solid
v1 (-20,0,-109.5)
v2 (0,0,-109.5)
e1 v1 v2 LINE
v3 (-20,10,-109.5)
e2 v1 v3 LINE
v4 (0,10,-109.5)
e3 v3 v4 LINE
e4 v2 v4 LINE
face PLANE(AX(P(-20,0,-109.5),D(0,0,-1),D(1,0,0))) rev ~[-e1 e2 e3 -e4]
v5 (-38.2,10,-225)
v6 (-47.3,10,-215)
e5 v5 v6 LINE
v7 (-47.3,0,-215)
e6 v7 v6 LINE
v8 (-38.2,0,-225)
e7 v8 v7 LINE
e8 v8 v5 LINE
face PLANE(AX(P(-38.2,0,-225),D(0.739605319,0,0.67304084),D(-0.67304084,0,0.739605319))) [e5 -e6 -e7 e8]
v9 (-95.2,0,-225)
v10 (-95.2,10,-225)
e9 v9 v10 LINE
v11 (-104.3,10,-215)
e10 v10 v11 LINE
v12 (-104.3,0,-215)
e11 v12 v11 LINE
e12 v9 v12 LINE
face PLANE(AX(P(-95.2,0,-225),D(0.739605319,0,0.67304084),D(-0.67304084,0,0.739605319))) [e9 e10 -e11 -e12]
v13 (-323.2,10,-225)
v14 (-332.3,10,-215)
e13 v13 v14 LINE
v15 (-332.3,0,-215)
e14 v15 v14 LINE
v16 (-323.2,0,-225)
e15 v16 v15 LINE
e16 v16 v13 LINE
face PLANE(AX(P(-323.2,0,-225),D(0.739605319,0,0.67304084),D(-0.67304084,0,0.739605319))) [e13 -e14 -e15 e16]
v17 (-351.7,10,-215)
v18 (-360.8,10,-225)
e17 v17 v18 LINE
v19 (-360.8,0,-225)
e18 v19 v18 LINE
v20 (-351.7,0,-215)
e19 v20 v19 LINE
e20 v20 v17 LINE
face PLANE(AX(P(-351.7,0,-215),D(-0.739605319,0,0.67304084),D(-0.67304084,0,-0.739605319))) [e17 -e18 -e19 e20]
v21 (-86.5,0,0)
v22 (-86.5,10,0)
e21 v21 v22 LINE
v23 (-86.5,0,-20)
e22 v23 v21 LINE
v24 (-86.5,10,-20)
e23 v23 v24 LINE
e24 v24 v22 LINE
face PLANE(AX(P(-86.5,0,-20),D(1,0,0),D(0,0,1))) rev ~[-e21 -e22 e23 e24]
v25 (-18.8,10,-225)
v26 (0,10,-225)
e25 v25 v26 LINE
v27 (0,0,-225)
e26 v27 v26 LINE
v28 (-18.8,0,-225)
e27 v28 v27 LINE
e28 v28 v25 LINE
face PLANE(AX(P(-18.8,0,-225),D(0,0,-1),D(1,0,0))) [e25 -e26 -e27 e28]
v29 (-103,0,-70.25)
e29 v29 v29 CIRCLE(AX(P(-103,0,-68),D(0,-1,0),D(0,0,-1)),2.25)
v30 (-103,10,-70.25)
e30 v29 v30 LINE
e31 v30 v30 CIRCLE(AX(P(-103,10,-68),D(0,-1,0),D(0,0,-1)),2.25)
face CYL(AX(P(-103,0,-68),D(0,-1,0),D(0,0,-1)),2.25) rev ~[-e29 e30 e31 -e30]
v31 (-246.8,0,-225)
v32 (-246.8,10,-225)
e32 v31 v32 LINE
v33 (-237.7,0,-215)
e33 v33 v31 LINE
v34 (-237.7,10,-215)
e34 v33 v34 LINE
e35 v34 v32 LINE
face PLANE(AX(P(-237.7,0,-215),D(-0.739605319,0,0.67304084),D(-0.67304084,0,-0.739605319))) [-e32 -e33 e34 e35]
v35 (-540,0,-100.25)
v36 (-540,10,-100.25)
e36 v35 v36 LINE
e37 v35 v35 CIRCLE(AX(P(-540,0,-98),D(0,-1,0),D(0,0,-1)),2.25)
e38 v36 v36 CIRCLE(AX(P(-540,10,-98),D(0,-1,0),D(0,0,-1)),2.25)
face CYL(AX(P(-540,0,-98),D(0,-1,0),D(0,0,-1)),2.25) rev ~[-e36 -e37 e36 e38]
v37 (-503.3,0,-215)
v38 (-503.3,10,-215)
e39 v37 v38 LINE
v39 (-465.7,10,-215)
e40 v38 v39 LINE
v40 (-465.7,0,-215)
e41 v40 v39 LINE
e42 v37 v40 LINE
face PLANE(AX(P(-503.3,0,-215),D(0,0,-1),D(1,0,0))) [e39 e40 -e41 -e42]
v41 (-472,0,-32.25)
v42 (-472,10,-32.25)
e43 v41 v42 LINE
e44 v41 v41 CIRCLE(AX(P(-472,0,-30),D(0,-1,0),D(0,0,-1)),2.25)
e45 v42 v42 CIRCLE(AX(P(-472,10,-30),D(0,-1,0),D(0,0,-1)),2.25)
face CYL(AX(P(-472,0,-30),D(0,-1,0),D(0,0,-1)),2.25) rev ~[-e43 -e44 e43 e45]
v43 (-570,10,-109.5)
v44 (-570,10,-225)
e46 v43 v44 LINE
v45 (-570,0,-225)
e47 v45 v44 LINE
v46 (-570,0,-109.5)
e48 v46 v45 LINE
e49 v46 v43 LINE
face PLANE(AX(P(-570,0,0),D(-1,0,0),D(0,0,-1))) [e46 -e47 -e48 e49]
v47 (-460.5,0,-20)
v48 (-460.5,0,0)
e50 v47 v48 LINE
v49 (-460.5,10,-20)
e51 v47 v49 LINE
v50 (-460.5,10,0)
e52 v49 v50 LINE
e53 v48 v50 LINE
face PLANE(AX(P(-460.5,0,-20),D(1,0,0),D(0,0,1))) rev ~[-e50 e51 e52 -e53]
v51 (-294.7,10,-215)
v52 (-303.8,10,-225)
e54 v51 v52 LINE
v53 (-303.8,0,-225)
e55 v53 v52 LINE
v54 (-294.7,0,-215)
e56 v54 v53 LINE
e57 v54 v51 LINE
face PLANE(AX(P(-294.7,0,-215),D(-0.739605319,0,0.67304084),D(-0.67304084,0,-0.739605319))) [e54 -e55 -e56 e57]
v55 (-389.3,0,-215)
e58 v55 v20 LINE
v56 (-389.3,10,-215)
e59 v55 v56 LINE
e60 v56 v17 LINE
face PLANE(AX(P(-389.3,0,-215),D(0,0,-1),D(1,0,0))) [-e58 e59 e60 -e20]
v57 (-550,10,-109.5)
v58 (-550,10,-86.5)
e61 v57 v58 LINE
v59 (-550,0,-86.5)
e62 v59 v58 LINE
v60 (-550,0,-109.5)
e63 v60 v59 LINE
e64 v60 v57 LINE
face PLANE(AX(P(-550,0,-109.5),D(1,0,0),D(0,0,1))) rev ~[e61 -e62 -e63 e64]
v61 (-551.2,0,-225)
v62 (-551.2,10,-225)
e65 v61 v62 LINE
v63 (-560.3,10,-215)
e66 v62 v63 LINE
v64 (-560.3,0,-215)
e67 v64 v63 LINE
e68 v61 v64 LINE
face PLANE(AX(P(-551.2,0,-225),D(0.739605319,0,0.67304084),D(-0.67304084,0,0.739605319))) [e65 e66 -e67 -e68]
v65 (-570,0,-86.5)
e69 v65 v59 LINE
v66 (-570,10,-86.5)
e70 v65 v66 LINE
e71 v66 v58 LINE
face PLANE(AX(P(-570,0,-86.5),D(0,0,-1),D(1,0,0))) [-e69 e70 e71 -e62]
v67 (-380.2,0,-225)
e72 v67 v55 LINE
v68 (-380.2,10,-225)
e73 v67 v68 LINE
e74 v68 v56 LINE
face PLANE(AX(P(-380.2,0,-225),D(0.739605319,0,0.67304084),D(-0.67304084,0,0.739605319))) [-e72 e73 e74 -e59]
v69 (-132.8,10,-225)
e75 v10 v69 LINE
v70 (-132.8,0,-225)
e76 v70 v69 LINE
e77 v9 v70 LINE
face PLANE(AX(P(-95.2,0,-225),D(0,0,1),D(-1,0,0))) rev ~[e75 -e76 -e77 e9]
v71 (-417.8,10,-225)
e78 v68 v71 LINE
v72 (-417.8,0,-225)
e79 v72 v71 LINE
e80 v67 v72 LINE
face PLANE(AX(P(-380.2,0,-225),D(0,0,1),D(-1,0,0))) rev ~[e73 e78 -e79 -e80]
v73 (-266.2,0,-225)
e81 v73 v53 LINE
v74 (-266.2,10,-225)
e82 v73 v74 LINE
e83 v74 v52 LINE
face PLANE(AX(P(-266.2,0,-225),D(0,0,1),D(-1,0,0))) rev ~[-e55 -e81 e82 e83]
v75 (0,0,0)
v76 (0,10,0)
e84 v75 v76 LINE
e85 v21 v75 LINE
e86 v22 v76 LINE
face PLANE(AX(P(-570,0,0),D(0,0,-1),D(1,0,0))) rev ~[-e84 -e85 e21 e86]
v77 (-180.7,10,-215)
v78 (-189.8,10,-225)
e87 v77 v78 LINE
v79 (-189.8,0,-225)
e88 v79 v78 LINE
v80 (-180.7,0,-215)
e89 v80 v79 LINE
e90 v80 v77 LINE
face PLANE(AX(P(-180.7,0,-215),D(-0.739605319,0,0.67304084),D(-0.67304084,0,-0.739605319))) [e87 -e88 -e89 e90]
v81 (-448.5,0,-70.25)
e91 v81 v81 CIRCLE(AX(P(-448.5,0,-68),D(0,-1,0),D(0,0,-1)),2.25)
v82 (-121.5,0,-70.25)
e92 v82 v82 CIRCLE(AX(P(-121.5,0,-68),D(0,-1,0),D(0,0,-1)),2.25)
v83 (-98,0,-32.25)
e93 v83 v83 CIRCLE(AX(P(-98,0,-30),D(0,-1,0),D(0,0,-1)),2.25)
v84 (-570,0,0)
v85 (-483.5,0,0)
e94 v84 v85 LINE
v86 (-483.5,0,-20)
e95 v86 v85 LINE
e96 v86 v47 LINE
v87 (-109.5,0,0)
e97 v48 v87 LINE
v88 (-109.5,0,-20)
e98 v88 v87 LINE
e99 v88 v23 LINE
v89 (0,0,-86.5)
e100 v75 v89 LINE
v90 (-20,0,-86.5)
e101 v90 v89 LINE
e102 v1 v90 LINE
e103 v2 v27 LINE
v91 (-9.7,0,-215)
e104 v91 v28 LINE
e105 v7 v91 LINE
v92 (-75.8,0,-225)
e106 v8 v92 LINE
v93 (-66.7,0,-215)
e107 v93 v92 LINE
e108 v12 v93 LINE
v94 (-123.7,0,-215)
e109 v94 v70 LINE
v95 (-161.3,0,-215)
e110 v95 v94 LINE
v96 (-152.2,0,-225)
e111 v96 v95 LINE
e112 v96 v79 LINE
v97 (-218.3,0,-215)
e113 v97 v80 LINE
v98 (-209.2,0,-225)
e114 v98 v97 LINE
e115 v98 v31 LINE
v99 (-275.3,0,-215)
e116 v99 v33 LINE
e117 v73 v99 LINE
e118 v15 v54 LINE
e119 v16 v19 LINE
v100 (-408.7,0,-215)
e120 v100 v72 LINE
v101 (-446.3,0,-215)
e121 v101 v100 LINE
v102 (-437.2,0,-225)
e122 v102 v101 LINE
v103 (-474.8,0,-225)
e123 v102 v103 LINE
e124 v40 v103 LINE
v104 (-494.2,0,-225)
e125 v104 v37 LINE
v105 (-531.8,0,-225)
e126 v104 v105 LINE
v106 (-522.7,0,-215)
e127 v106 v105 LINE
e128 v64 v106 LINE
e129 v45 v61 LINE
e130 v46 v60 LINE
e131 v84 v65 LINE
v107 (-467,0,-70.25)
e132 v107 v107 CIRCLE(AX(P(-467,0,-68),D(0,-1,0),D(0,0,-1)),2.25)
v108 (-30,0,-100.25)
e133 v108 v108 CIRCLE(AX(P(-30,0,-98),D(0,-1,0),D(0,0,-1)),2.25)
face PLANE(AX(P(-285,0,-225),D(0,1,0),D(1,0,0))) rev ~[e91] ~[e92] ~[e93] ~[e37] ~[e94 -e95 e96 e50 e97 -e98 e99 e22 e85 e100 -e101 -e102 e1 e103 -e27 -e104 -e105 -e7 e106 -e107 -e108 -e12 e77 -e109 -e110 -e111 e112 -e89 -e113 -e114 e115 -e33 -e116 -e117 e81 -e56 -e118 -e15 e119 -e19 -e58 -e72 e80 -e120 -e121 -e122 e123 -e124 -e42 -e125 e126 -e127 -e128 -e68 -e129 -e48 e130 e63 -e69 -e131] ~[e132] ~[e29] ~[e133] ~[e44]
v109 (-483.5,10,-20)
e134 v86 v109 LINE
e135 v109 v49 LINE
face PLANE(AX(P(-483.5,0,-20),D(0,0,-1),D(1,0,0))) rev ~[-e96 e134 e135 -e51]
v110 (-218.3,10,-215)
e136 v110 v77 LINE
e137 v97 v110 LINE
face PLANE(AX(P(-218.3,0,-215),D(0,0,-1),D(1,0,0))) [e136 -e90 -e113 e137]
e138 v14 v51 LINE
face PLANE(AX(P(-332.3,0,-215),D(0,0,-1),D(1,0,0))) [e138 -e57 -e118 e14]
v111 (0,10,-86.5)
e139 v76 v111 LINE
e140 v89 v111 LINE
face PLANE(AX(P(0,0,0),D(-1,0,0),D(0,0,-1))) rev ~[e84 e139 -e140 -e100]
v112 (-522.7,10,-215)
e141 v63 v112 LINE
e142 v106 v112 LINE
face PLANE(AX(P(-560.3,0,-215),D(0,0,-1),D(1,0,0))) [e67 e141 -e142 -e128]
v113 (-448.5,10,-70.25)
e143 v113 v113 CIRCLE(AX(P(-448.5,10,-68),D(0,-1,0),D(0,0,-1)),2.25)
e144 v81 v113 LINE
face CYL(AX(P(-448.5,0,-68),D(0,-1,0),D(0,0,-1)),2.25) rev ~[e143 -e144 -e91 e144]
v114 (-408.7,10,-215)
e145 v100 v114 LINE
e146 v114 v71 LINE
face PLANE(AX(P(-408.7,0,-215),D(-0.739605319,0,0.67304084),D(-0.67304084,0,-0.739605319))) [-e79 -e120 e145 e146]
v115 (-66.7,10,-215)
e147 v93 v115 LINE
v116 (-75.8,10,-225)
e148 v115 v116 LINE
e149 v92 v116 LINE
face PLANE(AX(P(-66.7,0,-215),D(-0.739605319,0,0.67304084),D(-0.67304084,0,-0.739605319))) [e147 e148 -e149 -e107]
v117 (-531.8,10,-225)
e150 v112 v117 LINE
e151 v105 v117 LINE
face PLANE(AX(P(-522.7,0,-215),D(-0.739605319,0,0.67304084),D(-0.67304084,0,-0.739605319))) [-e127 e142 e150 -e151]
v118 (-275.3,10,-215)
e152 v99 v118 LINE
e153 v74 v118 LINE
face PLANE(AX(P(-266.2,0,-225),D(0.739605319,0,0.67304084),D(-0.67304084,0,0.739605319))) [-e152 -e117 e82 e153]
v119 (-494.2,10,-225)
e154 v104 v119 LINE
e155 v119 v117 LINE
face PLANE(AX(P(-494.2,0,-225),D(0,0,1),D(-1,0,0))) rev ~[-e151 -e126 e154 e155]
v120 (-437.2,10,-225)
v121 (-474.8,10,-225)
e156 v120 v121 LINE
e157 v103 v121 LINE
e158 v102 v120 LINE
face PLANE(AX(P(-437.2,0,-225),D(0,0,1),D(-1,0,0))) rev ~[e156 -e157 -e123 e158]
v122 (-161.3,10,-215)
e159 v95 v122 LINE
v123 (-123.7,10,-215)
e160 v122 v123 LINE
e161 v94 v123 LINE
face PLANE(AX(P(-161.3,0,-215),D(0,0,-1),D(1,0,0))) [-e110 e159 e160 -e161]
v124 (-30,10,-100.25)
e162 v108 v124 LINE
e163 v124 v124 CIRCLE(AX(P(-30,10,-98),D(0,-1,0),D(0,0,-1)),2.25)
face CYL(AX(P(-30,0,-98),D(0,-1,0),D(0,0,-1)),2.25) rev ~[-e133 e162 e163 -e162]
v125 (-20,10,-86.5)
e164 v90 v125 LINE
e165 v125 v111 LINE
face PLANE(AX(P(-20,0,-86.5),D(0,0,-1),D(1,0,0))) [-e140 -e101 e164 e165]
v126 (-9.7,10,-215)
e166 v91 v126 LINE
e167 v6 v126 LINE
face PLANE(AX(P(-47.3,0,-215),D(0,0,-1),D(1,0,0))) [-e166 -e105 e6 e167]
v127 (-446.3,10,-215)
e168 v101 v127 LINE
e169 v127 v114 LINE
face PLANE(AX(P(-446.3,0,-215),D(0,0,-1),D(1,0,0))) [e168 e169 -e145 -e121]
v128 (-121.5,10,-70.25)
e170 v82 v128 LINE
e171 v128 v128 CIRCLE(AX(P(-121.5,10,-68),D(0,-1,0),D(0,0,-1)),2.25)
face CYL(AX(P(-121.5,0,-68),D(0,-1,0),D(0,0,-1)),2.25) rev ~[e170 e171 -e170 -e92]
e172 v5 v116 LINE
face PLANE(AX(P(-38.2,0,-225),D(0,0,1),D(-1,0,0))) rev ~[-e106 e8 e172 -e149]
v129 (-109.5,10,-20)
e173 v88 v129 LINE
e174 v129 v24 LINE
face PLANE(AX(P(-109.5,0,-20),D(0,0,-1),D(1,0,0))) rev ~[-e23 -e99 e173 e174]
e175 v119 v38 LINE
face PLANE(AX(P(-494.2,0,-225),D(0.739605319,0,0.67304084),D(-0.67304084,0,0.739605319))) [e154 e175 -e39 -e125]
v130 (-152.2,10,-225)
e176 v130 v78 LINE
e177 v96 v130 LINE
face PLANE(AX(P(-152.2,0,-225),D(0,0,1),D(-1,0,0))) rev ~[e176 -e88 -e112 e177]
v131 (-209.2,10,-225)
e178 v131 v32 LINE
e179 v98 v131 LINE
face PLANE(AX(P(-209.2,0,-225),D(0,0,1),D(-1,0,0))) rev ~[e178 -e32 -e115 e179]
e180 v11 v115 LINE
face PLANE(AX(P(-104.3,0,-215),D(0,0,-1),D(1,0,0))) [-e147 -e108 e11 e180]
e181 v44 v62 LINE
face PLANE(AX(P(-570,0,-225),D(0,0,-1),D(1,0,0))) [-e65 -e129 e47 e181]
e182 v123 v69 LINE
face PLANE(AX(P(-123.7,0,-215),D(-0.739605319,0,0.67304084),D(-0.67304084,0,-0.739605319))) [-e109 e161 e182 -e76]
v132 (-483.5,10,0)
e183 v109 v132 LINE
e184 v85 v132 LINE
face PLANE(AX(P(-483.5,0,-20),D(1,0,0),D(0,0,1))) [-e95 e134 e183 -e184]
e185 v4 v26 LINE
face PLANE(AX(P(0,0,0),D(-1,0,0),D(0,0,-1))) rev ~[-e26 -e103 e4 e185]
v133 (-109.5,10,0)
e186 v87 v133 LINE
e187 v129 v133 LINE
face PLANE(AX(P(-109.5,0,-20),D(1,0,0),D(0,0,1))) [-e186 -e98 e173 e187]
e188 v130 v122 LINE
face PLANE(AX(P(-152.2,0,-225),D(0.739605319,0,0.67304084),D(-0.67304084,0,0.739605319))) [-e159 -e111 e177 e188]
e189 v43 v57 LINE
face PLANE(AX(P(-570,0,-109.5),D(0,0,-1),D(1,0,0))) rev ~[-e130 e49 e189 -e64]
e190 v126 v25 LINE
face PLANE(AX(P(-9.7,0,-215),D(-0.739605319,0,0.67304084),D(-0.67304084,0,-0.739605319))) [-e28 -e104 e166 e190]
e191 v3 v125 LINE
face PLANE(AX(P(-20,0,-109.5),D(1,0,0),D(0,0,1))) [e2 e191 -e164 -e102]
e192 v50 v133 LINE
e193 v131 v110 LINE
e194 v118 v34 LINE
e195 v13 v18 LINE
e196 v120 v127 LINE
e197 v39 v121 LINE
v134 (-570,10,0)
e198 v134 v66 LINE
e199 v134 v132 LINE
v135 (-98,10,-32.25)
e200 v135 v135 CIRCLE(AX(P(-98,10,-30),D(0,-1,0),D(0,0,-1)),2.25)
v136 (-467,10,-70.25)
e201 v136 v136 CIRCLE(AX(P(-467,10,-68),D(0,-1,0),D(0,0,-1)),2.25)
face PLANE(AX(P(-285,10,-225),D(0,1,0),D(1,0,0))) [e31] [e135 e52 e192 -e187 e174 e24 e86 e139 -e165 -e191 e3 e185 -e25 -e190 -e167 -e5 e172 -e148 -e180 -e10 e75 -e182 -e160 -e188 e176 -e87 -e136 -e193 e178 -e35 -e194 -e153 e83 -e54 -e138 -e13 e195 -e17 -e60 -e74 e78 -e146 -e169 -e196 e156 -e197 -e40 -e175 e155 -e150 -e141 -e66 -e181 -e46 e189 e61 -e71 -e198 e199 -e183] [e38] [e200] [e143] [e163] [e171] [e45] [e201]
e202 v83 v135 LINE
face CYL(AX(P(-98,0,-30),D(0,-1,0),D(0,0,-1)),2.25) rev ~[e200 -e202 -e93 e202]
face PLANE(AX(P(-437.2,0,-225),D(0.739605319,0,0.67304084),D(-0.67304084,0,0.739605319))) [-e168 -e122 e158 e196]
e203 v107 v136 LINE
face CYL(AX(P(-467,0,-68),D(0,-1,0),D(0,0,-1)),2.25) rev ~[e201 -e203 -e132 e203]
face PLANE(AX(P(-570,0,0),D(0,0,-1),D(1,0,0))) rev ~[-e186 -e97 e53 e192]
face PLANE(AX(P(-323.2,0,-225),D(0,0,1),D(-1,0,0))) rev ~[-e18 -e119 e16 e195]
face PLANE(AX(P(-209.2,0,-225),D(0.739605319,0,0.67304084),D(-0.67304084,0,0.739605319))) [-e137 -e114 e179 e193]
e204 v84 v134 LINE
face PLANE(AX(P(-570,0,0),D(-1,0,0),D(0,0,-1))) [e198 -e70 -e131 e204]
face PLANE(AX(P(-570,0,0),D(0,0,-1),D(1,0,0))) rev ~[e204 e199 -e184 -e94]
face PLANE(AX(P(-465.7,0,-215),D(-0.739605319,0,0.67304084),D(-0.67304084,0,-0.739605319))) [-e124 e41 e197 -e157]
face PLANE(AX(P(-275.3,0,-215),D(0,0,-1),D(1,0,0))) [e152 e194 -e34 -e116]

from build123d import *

# Parameters (mm, degrees)
SCHIZZO1_W                   = 570
SCHIZZO1_H                   = 450
ESTRUSIONE_ESTRUSIONE1_DEPTH = 10
SCHIZZO2_R                   = 2.25
SCHIZZO2_W                   = 23
SCHIZZO2_H                   = 20
SCHIZZO2_W_2                 = 20
SCHIZZO2_H_2                 = 23
TAGLIO_ESTRUSIONE1_DEPTH     = 10
TAGLIO_ESTRUSIONE2_DEPTH     = 10


with BuildPart() as part:
    # Schizzo1 → Estrusione-Estrusione1 (new body)
    with BuildSketch(Plane(origin=(0, 0, 0), x_dir=(1, 0, 0), z_dir=(0, 1, 0))):
        with Locations((-285, 225)):
            Rectangle(SCHIZZO1_W, SCHIZZO1_H)
    extrude(amount=ESTRUSIONE_ESTRUSIONE1_DEPTH)

    # Schizzo2 → Taglio-Estrusione1 (cut)
    with BuildSketch(Plane.XZ):
        with Locations(Location((-467, -68, 0), (0, 0, 270))):
            Circle(SCHIZZO2_R)
        with Locations(Location((-448.5, -68, 0), (0, 0, 270))):
            Circle(SCHIZZO2_R)
        with Locations(Location((-121.5, -68, 0), (0, 0, 270))):
            Circle(SCHIZZO2_R)
        with Locations(Location((-103, -68, 0), (0, 0, 270))):
            Circle(SCHIZZO2_R)
        with Locations(Location((-467, -382, 0), (0, 0, 270))):
            Circle(SCHIZZO2_R)
        with Locations(Location((-448.5, -382, 0), (0, 0, 270))):
            Circle(SCHIZZO2_R)
        with Locations(Location((-121.5, -382, 0), (0, 0, 270))):
            Circle(SCHIZZO2_R)
        with Locations(Location((-103, -382, 0), (0, 0, 270))):
            Circle(SCHIZZO2_R)
        with Locations(Location((-472, -420, 0), (0, 0, 270))):
            Circle(SCHIZZO2_R)
        with Locations(Location((-540, -352, 0), (0, 0, 270))):
            Circle(SCHIZZO2_R)
        with Locations(Location((-540, -98, 0), (0, 0, 270))):
            Circle(SCHIZZO2_R)
        with Locations(Location((-472, -30, 0), (0, 0, 270))):
            Circle(SCHIZZO2_R)
        with Locations(Location((-98, -30, 0), (0, 0, 270))):
            Circle(SCHIZZO2_R)
        with Locations(Location((-30, -98, 0), (0, 0, 270))):
            Circle(SCHIZZO2_R)
        with Locations(Location((-30, -352, 0), (0, 0, 270))):
            Circle(SCHIZZO2_R)
        with Locations(Location((-98, -420, 0), (0, 0, 270))):
            Circle(SCHIZZO2_R)
        with Locations((-472, -10)):
            Rectangle(SCHIZZO2_W, SCHIZZO2_H)
        with Locations((-98, -10)):
            Rectangle(SCHIZZO2_W, SCHIZZO2_H)
        with Locations((-10, -98)):
            Rectangle(SCHIZZO2_W_2, SCHIZZO2_H_2)
        with Locations((-10, -352)):
            Rectangle(SCHIZZO2_W_2, SCHIZZO2_H_2)
        with Locations((-98, -440)):
            Rectangle(SCHIZZO2_W, SCHIZZO2_H)
        with Locations((-472, -440)):
            Rectangle(SCHIZZO2_W, SCHIZZO2_H)
        with Locations((-560, -352)):
            Rectangle(SCHIZZO2_W_2, SCHIZZO2_H_2)
        with Locations((-560, -98)):
            Rectangle(SCHIZZO2_W_2, SCHIZZO2_H_2)
    extrude(amount=-TAGLIO_ESTRUSIONE1_DEPTH, mode=Mode.SUBTRACT)

    # Schizzo3 → Taglio-Estrusione2 (cut)
    with BuildSketch(Plane.XZ):
        Polygon((-570, -225), (-551.2, -225), (-560.3, -215), (-522.7, -215), (-531.8, -225), (-513, -225), (-494.2, -225), (-503.3, -215), (-465.7, -215), (-474.8, -225), (-456, -225), (-437.2, -225), (-446.3, -215), (-408.7, -215), (-417.8, -225), (-399, -225), (-380.2, -225), (-389.3, -215), (-351.7, -215), (-360.8, -225), (-342, -225), (-323.2, -225), (-332.3, -215), (-294.7, -215), (-303.8, -225), (-285, -225), (-266.2, -225), (-275.3, -215), (-237.7, -215), (-246.8, -225), (-228, -225), (-209.2, -225), (-218.3, -215), (-180.7, -215), (-189.8, -225), (-171, -225), (-152.2, -225), (-161.3, -215), (-123.7, -215), (-132.8, -225), (-114, -225), (-95.2, -225), (-104.3, -215), (-66.7, -215), (-75.8, -225), (-57, -225), (-38.2, -225), (-47.3, -215), (-9.7, -215), (-18.8, -225), (0, -225), (0, -450), (-570, -450), align=None)
    extrude(amount=-TAGLIO_ESTRUSIONE2_DEPTH, mode=Mode.SUBTRACT)


solid = part.part
